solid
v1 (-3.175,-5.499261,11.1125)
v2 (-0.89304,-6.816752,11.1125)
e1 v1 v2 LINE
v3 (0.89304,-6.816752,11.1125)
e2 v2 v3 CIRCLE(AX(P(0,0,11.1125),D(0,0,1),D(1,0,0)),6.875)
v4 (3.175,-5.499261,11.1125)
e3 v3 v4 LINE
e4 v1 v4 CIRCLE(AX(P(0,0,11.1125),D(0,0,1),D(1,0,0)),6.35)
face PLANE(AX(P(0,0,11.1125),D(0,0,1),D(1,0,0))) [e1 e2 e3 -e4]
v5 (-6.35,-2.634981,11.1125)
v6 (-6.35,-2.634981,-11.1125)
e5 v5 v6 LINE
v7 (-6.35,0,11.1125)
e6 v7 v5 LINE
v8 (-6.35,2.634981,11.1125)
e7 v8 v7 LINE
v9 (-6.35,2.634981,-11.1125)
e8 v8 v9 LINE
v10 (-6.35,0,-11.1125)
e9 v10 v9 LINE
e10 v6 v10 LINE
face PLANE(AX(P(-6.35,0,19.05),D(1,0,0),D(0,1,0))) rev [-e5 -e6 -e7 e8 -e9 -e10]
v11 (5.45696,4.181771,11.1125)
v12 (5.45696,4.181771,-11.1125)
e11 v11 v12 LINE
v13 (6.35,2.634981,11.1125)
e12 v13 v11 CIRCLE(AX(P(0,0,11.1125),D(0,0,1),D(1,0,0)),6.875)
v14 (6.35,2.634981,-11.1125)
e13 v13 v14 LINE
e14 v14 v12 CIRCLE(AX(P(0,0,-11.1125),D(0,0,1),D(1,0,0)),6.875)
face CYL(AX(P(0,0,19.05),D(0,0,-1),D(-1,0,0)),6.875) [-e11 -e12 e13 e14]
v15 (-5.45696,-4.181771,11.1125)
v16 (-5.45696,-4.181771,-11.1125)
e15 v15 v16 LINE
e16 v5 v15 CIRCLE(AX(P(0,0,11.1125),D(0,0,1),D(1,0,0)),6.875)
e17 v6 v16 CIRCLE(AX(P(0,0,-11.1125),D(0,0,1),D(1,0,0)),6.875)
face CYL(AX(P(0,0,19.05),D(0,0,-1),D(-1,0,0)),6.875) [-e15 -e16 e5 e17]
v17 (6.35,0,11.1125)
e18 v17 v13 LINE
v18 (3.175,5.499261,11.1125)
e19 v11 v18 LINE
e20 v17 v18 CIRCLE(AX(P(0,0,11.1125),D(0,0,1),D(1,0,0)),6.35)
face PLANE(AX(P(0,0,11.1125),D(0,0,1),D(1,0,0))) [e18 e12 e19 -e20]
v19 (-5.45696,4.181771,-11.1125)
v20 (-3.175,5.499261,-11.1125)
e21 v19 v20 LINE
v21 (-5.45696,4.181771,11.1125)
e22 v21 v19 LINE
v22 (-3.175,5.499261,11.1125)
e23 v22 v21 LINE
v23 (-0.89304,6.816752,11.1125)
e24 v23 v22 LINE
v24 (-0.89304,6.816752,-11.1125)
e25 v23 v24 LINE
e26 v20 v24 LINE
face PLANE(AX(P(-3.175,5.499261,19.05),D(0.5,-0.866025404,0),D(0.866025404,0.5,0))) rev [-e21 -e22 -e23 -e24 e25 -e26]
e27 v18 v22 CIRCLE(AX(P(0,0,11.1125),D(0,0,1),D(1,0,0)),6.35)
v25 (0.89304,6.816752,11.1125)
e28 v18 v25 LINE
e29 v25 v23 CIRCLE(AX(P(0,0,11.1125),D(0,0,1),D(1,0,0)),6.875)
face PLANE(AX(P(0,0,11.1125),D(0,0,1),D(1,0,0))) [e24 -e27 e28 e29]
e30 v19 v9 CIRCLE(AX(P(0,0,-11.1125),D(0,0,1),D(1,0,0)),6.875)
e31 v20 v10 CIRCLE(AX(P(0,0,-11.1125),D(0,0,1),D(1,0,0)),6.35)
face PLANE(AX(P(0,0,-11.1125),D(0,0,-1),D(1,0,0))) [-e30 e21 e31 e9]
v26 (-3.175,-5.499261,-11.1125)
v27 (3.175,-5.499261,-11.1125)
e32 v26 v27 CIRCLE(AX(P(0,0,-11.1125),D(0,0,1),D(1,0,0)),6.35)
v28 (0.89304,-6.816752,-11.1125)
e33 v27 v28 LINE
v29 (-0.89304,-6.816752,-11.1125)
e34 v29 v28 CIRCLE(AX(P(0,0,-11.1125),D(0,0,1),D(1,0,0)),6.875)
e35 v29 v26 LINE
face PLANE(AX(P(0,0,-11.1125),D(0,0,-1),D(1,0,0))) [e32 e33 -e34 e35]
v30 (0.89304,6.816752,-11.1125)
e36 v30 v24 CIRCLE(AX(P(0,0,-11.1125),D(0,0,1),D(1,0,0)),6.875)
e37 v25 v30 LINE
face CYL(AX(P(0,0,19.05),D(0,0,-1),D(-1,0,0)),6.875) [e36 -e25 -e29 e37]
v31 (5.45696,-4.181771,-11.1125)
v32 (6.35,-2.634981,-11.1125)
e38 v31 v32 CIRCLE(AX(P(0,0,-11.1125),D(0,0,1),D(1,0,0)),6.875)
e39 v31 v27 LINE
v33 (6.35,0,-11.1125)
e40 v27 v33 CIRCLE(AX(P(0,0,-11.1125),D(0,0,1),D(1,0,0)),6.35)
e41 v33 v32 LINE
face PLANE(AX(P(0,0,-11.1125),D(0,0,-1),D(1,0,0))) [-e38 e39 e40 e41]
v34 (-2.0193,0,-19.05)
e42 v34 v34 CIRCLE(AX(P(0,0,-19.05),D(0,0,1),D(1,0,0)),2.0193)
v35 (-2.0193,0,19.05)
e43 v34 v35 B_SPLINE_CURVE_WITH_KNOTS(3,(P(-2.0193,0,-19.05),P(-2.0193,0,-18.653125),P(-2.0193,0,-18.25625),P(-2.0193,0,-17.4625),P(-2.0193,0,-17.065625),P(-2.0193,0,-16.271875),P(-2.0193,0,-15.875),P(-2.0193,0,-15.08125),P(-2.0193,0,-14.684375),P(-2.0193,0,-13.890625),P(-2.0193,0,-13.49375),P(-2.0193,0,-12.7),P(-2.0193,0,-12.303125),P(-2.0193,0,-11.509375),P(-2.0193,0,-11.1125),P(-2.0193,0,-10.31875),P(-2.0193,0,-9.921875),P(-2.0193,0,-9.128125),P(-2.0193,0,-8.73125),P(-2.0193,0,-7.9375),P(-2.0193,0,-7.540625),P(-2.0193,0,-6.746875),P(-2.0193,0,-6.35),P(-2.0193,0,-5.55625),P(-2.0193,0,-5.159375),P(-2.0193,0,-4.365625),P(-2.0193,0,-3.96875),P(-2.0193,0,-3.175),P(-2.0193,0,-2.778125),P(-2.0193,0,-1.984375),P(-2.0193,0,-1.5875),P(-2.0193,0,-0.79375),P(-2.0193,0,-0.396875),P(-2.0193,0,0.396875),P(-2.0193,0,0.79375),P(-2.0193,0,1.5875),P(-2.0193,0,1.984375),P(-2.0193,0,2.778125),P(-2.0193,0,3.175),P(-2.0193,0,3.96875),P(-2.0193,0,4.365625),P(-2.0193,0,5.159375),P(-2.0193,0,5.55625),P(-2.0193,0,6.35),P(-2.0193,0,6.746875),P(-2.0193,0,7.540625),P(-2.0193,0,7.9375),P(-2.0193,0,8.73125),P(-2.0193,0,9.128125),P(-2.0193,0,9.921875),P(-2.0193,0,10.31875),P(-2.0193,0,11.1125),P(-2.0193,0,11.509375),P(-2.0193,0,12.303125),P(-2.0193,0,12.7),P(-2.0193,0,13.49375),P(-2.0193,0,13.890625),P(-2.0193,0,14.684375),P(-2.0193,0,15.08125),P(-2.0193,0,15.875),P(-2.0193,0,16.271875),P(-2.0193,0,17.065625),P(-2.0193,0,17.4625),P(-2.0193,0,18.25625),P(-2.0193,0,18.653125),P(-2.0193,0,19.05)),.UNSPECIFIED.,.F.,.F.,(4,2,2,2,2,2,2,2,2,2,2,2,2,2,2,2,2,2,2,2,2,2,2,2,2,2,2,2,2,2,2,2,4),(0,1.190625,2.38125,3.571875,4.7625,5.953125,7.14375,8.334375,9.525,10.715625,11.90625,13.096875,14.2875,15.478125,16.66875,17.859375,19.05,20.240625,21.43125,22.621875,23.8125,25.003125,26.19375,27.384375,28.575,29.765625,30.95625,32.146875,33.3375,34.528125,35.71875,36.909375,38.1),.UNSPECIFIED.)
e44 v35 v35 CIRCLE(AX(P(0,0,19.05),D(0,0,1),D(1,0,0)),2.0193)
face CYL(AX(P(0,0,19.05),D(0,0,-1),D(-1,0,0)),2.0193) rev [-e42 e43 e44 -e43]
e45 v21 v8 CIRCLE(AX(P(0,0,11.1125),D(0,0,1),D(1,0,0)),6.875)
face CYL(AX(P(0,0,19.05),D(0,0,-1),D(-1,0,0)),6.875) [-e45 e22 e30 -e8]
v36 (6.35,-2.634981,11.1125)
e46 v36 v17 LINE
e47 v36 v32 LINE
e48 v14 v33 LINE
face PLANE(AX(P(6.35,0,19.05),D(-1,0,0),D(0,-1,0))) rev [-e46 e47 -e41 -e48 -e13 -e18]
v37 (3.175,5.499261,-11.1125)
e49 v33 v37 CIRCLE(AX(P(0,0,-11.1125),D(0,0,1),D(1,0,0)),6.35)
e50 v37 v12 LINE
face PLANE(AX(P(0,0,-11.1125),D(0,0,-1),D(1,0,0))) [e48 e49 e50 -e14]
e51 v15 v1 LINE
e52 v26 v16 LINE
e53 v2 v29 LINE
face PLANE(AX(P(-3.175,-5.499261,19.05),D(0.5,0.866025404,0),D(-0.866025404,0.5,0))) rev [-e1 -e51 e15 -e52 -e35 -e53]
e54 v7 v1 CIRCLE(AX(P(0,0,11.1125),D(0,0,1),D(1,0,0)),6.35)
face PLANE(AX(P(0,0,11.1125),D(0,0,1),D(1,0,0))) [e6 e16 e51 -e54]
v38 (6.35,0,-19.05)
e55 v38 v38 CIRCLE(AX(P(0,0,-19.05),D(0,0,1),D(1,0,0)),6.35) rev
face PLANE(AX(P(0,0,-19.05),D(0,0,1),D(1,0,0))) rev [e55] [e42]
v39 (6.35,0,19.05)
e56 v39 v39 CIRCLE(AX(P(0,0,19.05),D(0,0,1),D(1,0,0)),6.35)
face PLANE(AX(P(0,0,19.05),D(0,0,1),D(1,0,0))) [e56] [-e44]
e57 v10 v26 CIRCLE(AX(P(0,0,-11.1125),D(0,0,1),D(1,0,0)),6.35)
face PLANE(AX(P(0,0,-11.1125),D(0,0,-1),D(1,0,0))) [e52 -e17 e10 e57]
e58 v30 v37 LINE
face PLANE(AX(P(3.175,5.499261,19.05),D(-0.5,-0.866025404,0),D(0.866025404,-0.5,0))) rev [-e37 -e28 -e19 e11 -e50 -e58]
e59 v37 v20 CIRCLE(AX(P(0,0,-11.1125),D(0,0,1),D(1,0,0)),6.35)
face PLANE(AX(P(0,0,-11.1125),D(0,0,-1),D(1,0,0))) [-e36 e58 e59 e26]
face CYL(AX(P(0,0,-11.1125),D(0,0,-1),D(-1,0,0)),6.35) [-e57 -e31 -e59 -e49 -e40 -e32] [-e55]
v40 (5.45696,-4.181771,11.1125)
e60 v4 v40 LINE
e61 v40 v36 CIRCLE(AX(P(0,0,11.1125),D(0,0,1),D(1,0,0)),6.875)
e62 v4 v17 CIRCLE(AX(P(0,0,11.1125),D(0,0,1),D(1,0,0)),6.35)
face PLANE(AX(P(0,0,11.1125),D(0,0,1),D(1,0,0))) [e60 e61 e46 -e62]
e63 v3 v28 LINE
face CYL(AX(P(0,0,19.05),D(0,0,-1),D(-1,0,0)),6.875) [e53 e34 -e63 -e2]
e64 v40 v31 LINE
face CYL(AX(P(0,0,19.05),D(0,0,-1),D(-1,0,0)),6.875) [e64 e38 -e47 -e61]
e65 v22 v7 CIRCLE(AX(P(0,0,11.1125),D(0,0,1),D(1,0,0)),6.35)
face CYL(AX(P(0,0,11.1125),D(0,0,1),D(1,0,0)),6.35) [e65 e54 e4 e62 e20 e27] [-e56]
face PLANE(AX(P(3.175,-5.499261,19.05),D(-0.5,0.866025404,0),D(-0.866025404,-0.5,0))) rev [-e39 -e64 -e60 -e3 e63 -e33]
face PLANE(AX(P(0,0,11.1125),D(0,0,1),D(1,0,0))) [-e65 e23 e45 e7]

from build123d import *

# Parameters (mm, degrees)
SKETCH1_R                            = 2.0193
BOSS_EXTRUDE1_DEPTH                  = 19.05
F_10_32_TAPPED_HOLE1_D               = 4.0386
F_10_32_TAPPED_HOLE1_DEPTH           = 12.02944
F_10_32_TAPPED_HOLE1_TIP             = 1.213317848
F_10_32_TAPPED_HOLE1_ON_FACE_2_D     = 4.0386
F_10_32_TAPPED_HOLE1_ON_FACE_2_DEPTH = 12.02944
F_10_32_TAPPED_HOLE1_ON_FACE_2_TIP   = 1.213317848
SKETCH5_R                            = 6.874999966
SKETCH5_R_2                          = 6.35
CUT_EXTRUDE1_DEPTH                   = 7.9375


with BuildPart() as part:
    # Sketch1 → Boss-Extrude1 (new, symmetric)
    with BuildSketch(Plane.XY):
        with BuildLine():
            ThreePointArc((0.893039571, 6.816751782), (0, 6.874999966), (-0.893039571, 6.816751782))
            Line((-0.893039571, 6.816751782), (-5.456960429, 4.181770846))
            ThreePointArc((-5.456960429, 4.181770846), (-5.953924622, 3.437499983), (-6.35, 2.634980936))
            Line((-6.35, 2.634980936), (-6.35, -2.634980936))
            ThreePointArc((-6.35, -2.634980936), (-5.953924622, -3.437499983), (-5.456960429, -4.181770846))
            Line((-5.456960429, -4.181770846), (-0.893039571, -6.816751782))
            ThreePointArc((-0.893039571, -6.816751782), (0, -6.874999966), (0.893039571, -6.816751782))
            Line((0.893039571, -6.816751782), (5.456960429, -4.181770846))
            ThreePointArc((5.456960429, -4.181770846), (5.953924622, -3.437499983), (6.35, -2.634980936))
            Line((6.35, -2.634980936), (6.35, 2.634980936))
            ThreePointArc((6.35, 2.634980936), (5.953924622, 3.437499983), (5.456960429, 4.181770846))
            Line((5.456960429, 4.181770846), (0.893039571, 6.816751782))
        make_face()
        with Locations(Location((0, 0, 0), (0, 0, 180))):
            Circle(SKETCH1_R, mode=Mode.SUBTRACT)
    extrude(amount=BOSS_EXTRUDE1_DEPTH, both=True)

    # #10-32 Tapped Hole1
    with Locations(Plane.XY.offset(19.05)):
        with Locations((0, 0)):
            Hole(F_10_32_TAPPED_HOLE1_D / 2, depth=F_10_32_TAPPED_HOLE1_DEPTH)
            with Locations((0, 0, -(F_10_32_TAPPED_HOLE1_DEPTH + F_10_32_TAPPED_HOLE1_TIP / 2))):  # 118° drill point
                Cone(0, F_10_32_TAPPED_HOLE1_D / 2, F_10_32_TAPPED_HOLE1_TIP, mode=Mode.SUBTRACT)

    # #10-32 Tapped Hole1 on face 2
    with Locations(Plane.XY.offset(-19.05)):
        with Locations((0, 0)):
            Hole(F_10_32_TAPPED_HOLE1_ON_FACE_2_D / 2, depth=F_10_32_TAPPED_HOLE1_ON_FACE_2_DEPTH)
            with Locations((0, 0, -(F_10_32_TAPPED_HOLE1_ON_FACE_2_DEPTH + F_10_32_TAPPED_HOLE1_ON_FACE_2_TIP / 2))):  # 118° drill point
                Cone(0, F_10_32_TAPPED_HOLE1_ON_FACE_2_D / 2, F_10_32_TAPPED_HOLE1_ON_FACE_2_TIP, mode=Mode.SUBTRACT)

    # Sketch5 → Cut-Extrude1 (cut)
    with BuildSketch(Plane.XY.offset(19.05)):
        Circle(SKETCH5_R)
        Circle(SKETCH5_R_2, mode=Mode.SUBTRACT)
    cut_extrude1 = extrude(amount=-CUT_EXTRUDE1_DEPTH, mode=Mode.SUBTRACT)

    # Mirror1: Cut-Extrude1 across plane
    add(cut_extrude1.mirror(Plane.XY), mode=Mode.SUBTRACT)


solid = part.part
